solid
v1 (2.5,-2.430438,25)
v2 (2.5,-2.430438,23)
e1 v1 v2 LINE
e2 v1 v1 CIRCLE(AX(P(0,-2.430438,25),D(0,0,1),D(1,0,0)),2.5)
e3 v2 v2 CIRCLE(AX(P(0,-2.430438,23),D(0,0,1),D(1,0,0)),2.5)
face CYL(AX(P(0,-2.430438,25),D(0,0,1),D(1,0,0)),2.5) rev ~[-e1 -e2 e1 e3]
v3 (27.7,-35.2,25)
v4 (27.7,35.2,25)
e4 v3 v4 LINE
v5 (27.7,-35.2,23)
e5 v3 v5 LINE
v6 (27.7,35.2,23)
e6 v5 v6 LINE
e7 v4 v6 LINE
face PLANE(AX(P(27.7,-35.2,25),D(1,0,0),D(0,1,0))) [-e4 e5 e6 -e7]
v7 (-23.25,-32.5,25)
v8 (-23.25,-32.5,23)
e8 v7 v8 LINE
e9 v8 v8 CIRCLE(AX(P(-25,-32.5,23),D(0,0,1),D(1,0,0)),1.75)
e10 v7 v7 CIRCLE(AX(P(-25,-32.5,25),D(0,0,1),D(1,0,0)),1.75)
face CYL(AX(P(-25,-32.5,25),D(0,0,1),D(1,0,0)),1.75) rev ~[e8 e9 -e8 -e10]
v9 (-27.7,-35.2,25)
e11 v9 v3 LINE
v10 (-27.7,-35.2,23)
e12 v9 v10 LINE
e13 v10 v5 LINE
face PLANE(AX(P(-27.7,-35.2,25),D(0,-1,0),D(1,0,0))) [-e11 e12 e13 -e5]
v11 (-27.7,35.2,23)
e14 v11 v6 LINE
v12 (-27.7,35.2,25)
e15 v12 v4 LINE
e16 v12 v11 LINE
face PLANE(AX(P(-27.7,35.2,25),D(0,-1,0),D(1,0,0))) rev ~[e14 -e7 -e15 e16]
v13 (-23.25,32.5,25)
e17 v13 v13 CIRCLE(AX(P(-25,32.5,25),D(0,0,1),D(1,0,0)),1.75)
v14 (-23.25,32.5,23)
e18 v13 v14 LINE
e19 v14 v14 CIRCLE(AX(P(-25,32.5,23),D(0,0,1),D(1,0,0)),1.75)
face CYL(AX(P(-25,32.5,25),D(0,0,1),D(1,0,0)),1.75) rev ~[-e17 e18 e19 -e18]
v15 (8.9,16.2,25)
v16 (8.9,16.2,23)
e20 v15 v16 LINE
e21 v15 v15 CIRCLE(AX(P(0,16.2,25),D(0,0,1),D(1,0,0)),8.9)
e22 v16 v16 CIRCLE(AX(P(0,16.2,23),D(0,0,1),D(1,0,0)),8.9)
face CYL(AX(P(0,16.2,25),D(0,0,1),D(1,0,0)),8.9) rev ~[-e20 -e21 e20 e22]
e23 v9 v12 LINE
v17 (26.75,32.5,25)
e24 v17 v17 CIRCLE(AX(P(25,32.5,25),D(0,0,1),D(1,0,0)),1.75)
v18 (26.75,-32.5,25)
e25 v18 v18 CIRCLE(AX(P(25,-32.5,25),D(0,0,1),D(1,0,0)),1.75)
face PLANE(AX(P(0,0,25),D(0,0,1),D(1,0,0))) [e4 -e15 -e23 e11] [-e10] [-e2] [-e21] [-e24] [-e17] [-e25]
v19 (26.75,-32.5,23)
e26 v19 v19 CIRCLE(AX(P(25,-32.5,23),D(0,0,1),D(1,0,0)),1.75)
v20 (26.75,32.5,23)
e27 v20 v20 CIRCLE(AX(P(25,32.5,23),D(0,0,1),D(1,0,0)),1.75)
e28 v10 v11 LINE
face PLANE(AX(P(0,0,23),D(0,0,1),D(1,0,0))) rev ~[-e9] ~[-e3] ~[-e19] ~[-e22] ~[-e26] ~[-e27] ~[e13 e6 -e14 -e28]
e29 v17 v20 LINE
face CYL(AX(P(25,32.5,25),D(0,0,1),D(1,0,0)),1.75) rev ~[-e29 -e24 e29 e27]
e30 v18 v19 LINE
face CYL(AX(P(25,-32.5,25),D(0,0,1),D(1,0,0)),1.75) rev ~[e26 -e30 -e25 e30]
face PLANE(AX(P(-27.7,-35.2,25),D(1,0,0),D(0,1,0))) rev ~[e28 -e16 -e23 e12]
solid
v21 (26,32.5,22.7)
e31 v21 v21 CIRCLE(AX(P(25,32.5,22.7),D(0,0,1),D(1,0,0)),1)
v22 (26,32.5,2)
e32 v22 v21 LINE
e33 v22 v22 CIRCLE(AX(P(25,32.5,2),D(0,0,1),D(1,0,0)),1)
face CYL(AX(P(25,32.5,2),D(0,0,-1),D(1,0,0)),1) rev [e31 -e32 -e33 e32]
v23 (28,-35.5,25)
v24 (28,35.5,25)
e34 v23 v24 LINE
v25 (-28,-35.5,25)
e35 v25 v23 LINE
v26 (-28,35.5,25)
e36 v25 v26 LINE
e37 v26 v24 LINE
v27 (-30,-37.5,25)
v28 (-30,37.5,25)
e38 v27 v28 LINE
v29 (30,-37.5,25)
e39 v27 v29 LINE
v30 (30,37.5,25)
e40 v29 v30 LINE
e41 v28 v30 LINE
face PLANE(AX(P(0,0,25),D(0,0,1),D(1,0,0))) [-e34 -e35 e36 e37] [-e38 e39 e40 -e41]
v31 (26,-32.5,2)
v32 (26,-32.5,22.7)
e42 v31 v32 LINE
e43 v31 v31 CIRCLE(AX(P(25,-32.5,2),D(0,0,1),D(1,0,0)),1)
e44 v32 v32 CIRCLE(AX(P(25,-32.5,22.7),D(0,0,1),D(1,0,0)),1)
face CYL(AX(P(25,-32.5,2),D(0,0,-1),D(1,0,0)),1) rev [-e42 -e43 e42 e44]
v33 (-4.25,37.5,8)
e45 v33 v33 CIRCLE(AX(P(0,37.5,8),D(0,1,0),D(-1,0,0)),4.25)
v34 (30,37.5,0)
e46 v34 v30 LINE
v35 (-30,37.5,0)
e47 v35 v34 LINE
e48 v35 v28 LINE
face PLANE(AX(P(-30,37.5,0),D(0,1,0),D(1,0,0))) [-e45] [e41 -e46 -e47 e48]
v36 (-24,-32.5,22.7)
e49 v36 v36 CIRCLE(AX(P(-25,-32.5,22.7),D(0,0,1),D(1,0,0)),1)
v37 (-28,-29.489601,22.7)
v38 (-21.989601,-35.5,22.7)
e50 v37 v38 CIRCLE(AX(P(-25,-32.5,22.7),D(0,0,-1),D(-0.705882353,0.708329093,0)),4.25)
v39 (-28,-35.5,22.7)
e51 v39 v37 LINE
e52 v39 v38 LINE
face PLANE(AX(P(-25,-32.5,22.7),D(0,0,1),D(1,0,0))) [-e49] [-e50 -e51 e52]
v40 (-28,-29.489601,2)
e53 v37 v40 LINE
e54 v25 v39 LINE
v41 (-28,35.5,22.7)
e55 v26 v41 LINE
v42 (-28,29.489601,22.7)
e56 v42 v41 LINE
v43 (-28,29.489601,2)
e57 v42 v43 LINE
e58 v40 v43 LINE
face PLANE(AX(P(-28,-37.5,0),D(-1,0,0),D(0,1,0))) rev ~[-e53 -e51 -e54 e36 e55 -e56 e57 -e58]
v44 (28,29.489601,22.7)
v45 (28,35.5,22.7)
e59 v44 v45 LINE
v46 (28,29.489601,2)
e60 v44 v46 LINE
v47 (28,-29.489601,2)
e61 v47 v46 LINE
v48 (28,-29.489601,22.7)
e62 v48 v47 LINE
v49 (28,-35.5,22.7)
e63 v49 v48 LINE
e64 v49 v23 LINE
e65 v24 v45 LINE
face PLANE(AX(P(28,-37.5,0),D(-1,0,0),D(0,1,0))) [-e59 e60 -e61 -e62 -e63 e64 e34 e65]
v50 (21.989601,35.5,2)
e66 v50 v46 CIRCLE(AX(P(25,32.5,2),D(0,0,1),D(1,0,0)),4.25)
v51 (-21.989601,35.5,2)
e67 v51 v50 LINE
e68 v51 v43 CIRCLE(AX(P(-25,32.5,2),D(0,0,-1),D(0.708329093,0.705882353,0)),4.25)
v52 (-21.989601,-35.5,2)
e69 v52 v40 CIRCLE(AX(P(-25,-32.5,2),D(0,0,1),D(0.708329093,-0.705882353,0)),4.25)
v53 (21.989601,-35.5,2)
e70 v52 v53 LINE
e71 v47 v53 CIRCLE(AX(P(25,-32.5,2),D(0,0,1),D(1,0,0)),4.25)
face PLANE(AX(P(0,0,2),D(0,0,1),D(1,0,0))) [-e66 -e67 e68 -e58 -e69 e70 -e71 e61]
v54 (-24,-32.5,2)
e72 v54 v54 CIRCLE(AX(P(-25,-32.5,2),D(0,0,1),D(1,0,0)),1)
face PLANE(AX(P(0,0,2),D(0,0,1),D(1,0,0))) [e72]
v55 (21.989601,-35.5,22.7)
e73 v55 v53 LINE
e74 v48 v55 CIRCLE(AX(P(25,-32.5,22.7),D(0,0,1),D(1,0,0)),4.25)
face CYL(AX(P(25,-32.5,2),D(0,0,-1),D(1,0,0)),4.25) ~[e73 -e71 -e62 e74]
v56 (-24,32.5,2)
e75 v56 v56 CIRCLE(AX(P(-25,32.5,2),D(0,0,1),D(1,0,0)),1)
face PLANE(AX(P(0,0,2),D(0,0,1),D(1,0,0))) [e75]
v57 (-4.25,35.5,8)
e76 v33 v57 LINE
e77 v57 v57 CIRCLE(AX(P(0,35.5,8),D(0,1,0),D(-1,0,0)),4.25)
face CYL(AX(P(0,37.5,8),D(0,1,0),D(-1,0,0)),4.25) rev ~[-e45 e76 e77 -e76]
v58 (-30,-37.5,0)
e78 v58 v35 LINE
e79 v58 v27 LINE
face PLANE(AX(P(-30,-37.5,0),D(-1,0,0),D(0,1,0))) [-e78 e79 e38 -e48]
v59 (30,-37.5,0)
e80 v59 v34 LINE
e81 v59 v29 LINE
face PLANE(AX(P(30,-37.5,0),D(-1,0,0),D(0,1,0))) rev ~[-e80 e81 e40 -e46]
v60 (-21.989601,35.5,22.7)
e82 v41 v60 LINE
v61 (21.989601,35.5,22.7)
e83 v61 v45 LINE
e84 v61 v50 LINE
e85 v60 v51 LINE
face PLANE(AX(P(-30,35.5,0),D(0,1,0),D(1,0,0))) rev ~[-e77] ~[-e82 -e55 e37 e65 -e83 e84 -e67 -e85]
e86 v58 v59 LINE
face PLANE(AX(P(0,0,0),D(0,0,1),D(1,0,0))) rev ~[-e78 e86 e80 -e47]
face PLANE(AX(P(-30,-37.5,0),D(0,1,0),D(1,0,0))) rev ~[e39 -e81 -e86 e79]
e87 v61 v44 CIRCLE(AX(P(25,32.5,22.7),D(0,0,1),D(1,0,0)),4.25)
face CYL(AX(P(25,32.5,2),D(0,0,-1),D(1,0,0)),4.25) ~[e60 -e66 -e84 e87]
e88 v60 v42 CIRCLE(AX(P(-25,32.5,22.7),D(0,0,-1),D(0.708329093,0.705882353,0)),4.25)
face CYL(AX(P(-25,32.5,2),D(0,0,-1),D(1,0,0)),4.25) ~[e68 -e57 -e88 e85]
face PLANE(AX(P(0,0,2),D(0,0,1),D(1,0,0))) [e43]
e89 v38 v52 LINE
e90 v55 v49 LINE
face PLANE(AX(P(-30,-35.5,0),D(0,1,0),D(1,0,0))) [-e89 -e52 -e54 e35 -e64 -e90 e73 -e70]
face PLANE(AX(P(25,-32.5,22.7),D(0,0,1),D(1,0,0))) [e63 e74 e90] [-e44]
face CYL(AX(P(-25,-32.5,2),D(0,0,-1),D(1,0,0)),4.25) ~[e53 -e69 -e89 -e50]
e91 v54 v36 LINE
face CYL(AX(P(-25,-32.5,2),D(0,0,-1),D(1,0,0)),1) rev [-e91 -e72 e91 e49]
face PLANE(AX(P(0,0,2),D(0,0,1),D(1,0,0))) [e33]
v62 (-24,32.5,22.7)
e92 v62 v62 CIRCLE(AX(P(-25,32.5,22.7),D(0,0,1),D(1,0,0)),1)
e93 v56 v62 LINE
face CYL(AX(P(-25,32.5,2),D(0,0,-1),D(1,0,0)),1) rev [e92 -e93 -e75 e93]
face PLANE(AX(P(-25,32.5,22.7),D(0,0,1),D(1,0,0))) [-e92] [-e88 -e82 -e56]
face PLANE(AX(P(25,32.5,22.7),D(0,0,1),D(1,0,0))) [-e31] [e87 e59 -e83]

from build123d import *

# Parameters (mm, degrees)
F0_W      = 60
F0_H      = 75
F1_DEPTH  = 25
F2_T      = -2
F3_R      = 4.25
F3_R_2    = 1
F4_DEPTH  = 20.7
F5_W      = 55.4
F5_H      = 70.4
F5_R      = 1.75
F6_DEPTH  = 2
F7_R      = 8.9
F7_R_2    = 2.5
F8_DEPTH  = 2
F9_R      = 4.25
F10_DEPTH = 2


with BuildPart() as f1:
    # F0 (on Top) → F1 (new body)
    with BuildSketch(Plane.XY):
        Rectangle(F0_W, F0_H)
    extrude(amount=F1_DEPTH)

    # F2
    f2_openings = [f1.faces().sort_by_distance(p)[0] for p in [
        (0, 0, 25),
    ]]
    offset(amount=F2_T, openings=f2_openings)

    # F3 (on face) → F4 (join)
    with BuildSketch(Plane.XY.offset(2)):
        with Locations((-25, -32.5)):
            Circle(F3_R)
        with Locations((-25, -32.5)):
            Circle(F3_R_2, mode=Mode.SUBTRACT)
        with Locations((25, -32.5)):
            Circle(F3_R)
        with Locations((25, -32.5)):
            Circle(F3_R_2, mode=Mode.SUBTRACT)
        with Locations((25, 32.5)):
            Circle(F3_R)
        with Locations((25, 32.5)):
            Circle(F3_R_2, mode=Mode.SUBTRACT)
        with Locations((-25, 32.5)):
            Circle(F3_R)
        with Locations((-25, 32.5)):
            Circle(F3_R_2, mode=Mode.SUBTRACT)
    extrude(amount=F4_DEPTH)

    # F9 (on face) → F10 (cut, through all)
    with BuildSketch(Plane(origin=(0, 37.5, 0), x_dir=(-1, 0, 0), z_dir=(0, 1, 0))):
        with Locations((0, 8)):
            Circle(F9_R)
    extrude(amount=-F10_DEPTH, mode=Mode.SUBTRACT)


with BuildPart() as f6:
    # F5 (on face) → F6 (new body)
    with BuildSketch(Plane.XY.offset(25)):
        Rectangle(F5_W, F5_H)
        with Locations((-25, -32.5)):
            Circle(F5_R, mode=Mode.SUBTRACT)
        with Locations((25, -32.5)):
            Circle(F5_R, mode=Mode.SUBTRACT)
        with Locations((-25, 32.5)):
            Circle(F5_R, mode=Mode.SUBTRACT)
        with Locations((25, 32.5)):
            Circle(F5_R, mode=Mode.SUBTRACT)
    extrude(amount=-F6_DEPTH)

    # F7 (on face) → F8 (cut, through all)
    with BuildSketch(Plane.XY.offset(25)):
        with Locations((0, 16.2)):
            Circle(F7_R)
        with Locations((0, -2.430438)):
            Circle(F7_R_2)
    extrude(amount=-F8_DEPTH, mode=Mode.SUBTRACT)


solid = Compound([f1.part, f6.part])
